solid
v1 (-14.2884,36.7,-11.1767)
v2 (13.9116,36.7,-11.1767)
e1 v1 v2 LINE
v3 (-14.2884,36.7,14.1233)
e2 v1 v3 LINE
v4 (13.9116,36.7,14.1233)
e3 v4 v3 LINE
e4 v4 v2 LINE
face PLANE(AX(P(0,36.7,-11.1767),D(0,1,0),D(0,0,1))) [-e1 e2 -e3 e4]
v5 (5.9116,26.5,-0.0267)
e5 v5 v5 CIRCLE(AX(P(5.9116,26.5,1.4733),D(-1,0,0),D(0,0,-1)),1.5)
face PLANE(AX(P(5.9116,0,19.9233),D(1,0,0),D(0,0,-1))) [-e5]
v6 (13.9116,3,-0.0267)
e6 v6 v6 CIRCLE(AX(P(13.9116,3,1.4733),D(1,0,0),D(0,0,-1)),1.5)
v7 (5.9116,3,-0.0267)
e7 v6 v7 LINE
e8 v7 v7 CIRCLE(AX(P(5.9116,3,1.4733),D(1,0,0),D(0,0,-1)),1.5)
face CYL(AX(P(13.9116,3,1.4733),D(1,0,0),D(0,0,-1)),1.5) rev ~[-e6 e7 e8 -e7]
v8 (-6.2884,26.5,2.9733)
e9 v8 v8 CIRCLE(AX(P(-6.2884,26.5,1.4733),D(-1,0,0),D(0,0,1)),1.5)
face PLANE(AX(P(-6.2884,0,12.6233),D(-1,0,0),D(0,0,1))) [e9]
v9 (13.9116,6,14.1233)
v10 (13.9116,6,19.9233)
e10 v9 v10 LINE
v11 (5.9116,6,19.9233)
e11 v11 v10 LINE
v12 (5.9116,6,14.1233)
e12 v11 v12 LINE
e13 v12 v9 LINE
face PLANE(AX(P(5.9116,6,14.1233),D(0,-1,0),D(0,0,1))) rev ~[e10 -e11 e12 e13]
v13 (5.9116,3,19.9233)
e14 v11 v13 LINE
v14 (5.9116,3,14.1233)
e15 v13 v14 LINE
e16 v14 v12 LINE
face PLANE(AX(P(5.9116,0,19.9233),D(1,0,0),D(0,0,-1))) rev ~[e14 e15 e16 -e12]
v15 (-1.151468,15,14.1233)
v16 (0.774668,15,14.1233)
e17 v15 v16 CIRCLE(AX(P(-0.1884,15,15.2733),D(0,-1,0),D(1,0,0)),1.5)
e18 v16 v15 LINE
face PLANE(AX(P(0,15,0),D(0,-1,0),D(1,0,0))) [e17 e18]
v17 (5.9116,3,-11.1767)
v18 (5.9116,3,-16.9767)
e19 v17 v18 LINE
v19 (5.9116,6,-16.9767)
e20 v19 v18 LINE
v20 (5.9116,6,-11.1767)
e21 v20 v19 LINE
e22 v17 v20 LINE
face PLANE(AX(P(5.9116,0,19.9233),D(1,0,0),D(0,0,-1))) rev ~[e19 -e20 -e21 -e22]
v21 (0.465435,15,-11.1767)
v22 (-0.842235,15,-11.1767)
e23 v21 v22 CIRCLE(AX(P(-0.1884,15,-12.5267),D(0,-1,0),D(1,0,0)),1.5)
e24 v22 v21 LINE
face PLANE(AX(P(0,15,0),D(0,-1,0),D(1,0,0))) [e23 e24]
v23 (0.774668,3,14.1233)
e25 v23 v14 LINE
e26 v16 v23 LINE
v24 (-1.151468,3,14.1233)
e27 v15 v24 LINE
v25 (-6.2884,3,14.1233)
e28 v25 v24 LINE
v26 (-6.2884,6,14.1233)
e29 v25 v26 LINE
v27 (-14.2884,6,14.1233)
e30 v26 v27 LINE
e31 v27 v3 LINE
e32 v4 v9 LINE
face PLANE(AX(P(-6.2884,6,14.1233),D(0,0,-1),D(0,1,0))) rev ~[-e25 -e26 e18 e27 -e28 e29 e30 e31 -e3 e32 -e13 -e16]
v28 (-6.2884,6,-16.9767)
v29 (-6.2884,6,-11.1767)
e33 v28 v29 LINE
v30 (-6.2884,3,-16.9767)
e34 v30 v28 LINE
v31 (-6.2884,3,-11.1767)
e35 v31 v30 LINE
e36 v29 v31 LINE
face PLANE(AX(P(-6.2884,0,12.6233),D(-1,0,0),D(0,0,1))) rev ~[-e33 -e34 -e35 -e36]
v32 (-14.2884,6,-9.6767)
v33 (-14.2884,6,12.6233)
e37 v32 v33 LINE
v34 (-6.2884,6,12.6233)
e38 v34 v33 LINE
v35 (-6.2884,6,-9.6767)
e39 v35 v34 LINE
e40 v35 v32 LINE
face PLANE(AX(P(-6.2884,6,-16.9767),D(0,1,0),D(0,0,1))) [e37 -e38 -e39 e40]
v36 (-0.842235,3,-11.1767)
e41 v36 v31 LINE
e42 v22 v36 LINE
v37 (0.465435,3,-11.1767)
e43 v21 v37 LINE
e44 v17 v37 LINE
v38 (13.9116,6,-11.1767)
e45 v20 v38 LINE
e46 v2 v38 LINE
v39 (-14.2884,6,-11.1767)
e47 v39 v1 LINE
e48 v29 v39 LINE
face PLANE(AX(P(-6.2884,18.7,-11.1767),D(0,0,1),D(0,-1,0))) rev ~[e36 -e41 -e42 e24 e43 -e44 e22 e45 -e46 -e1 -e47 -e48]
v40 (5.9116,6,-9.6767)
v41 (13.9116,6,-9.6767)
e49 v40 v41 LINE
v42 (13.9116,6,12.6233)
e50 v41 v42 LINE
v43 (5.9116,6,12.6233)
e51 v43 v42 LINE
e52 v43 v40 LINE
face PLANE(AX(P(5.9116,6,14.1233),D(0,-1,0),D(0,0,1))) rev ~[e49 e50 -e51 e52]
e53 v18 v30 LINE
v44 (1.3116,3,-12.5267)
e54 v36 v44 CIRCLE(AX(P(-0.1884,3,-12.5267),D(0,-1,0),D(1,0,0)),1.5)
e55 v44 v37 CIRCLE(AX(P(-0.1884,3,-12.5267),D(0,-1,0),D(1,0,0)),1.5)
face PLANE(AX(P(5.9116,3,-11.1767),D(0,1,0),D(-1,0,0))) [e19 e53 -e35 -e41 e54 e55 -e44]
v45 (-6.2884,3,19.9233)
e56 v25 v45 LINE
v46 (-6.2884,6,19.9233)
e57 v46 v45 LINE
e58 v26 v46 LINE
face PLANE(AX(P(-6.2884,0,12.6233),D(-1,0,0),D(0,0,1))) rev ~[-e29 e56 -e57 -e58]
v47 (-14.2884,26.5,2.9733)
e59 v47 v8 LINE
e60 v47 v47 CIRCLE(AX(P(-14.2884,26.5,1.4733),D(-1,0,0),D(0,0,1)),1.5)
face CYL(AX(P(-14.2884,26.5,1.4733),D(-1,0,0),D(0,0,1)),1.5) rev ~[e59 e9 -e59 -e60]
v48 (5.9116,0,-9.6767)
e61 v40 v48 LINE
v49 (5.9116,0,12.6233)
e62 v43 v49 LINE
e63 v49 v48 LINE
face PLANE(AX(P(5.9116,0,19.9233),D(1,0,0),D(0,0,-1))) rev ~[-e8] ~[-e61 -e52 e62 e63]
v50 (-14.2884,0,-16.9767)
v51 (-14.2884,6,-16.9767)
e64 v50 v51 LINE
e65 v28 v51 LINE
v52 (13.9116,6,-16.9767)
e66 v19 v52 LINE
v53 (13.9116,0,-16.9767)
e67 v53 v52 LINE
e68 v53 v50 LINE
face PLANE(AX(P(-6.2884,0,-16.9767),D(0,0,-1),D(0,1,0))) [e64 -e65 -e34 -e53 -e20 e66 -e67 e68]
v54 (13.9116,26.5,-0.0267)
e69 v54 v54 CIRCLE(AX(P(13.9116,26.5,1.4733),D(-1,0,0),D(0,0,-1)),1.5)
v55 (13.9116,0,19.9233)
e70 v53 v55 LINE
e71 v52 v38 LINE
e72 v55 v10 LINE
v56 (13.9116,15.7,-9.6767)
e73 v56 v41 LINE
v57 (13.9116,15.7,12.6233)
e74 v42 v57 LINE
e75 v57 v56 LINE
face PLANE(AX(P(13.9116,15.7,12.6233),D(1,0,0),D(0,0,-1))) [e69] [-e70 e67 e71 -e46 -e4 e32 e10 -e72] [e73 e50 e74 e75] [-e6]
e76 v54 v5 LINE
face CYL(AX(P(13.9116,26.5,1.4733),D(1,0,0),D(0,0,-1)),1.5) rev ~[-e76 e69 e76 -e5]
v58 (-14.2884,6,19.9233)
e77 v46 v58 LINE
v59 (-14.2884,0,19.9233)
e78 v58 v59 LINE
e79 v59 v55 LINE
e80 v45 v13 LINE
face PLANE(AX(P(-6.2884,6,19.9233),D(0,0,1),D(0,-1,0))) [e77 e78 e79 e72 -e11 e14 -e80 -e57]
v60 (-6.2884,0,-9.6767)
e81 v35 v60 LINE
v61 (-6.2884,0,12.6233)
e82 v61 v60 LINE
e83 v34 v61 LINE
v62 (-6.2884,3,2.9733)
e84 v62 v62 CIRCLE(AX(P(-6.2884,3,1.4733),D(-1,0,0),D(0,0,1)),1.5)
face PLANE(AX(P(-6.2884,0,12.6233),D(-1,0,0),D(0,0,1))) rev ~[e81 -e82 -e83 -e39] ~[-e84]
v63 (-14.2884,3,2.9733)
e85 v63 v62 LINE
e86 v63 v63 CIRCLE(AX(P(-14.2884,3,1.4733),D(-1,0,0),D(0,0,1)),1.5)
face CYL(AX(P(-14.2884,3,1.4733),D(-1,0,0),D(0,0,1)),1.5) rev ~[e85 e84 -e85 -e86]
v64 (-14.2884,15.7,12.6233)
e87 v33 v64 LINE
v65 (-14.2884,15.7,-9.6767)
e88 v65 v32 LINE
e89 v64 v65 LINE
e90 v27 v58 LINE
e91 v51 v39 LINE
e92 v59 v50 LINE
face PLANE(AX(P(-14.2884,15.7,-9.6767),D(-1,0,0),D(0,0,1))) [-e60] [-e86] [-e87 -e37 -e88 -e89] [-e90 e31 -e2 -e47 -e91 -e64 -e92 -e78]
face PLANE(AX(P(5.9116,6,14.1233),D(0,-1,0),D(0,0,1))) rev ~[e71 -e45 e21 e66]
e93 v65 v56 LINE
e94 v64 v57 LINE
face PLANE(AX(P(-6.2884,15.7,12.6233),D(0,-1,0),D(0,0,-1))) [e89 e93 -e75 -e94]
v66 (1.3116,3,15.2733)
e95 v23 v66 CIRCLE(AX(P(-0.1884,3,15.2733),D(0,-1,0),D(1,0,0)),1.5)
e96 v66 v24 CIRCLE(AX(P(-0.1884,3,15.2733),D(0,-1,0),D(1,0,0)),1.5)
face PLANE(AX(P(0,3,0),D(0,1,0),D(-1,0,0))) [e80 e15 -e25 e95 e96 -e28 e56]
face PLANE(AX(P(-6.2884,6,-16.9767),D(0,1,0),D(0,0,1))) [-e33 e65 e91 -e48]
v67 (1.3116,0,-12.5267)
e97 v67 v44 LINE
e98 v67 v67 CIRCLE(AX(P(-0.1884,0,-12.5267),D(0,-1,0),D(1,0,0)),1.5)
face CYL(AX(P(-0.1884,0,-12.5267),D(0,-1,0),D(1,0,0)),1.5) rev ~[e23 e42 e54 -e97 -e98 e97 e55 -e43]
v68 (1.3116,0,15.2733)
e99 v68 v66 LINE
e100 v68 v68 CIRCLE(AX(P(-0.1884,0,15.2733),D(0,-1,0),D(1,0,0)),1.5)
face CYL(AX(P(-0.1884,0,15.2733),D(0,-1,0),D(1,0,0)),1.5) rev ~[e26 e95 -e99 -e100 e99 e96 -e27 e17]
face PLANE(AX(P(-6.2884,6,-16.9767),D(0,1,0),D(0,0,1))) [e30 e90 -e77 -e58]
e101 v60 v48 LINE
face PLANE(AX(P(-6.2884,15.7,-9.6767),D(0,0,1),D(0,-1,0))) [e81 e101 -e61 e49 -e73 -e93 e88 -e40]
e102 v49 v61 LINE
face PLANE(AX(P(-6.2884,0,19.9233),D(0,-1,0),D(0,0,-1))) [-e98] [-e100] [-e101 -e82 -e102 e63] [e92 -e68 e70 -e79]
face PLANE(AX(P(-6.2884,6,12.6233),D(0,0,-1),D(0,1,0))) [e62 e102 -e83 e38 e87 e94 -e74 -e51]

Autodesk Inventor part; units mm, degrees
ref_plane "YZ Plane" through (0, 0, 0) normal (1, 0, 0) x (0, 1, 0)
ref_plane "XZ Plane" through (0, 0, 0) normal (0, 1, 0) x (-1, 0, 0)
ref_plane "XY Plane" through (0, 0, 0) normal (0, 0, 1) x (1, 0, 0)
sketch "Sketch1" plane through (0, 0, 0) normal (0, 1, 0) x (-1, 0, 0)
  line L0 (6.2884, 19.9233) -> (-5.9116, 19.9233)
  line L1 (-5.9116, 19.9233) -> (-5.9116, 12.6233)
  line L2 (-5.9116, 12.6233) -> (6.2884, 12.6233)
  line L3 (6.2884, 12.6233) -> (6.2884, 19.9233)
  point P0 (0, 0)
  dimension "d0" = 7.3
  dimension "d1" = 12.2
extrude "Extrusion1" add sketch "Sketch1" along normal blind 3
sketch "Sketch2" plane through (0, 3, 0) normal (0, 1, 0) x (1, 0, 0)
  line L0 (5.9116, -19.9233) -> (5.9116, -12.6233) projected
  line L1 (5.9116, -12.6233) -> (-6.2884, -12.6233) projected
  line L2 (-6.2884, -12.6233) -> (-6.2884, -19.9233) projected
  line L3 (-6.2884, -19.9233) -> (5.9116, -19.9233) projected
  line L4 (5.9116, -12.6233) -> (-6.2884, -12.6233)
  line L5 (-6.2884, -12.6233) -> (-6.2884, -14.1233)
  line L6 (-6.2884, -14.1233) -> (5.9116, -14.1233)
  line L7 (5.9116, -14.1233) -> (5.9116, -12.6233)
  point P0 (0, 0)
  point P1 (5.9116, -14.1233)
  dimension "d4" = 1.5
extrude "Extrusion2" add sketch "Sketch2" along normal blind 15.7 contours L6 L2 L1 L0
sketch "Sketch3" plane through (5.9116, 0, 12.6233) normal (0, 0, -1) x (-1, 0, 0)
  line L0 (0, 0) -> (12.2, 0) projected
  line L1 (12.2, 0) -> (12.2, 18.7) projected
  line L2 (0, 18.7) -> (12.2, 18.7) projected
  line L3 (0, 0) -> (0, 18.7) projected
  line L4 (0, 18.7) -> (12.2, 18.7)
  line L5 (12.2, 18.7) -> (12.2, 15.7)
  line L6 (12.2, 15.7) -> (0, 15.7)
  line L7 (0, 15.7) -> (0, 18.7)
  point P0 (5.9116, 0)
  point P1 (0, 15.7)
  dimension "d7" = 3
extrude "Extrusion3" add sketch "Sketch3" along normal blind 23.8 contours L3 L2 L1 L6
sketch "Sketch4" plane through (-6.2884, 15.7, 12.6233) normal (0, -1, 0) x (1, 0, 0)
  line L0 (0, 0) -> (12.2, 0) projected
  line L1 (0, 0) -> (0, -23.8) projected
  line L2 (12.2, -23.8) -> (0, -23.8) projected
  line L3 (12.2, 0) -> (12.2, -23.8) projected
  line L4 (12.2, -23.8) -> (0, -23.8)
  line L5 (0, -23.8) -> (0, -22.3)
  line L6 (0, -22.3) -> (12.2, -22.3)
  line L7 (12.2, -22.3) -> (12.2, -23.8)
  point P0 (6.2884, -12.6233)
  dimension "d10" = 1.5
extrude "Extrusion4" add sketch "Sketch4" along normal up to surface (15.7 mm away) contours L6 L3 L2 L1
sketch "Sketch5" plane through (5.9116, 0, -11.1767) normal (0, 0, -1) x (-1, 0, 0)
  line L0 (12.2, 18.7) -> (12.2, 0) projected
  line L1 (12.2, 18.7) -> (0, 18.7) projected
  line L2 (0, 18.7) -> (0, 0) projected
  line L3 (12.2, 0) -> (0, 0) projected
  line L4 (12.2, 0) -> (0, 0)
  line L5 (0, 0) -> (0, 3)
  line L6 (0, 3) -> (12.2, 3)
  line L7 (12.2, 3) -> (12.2, 0)
  point P0 (5.9116, 0)
  dimension "d13" = 3
extrude "Extrusion5" add sketch "Sketch5" along normal blind 5.8 contours L0 L3 L2 L6
sketch "Sketch6" plane through (0, 0, 0) normal (0, -1, 0) x (1, 0, 0)
  arc A0 (-0.7384, -2.4741) -> (0.3616, -2.4741) centre (-0.1884, -3.4267) ccw construction
  circle A1 centre (-0.1884, -3.4267) radius 1.1 construction
  arc A2 (0.3616, -32.1794) -> (-0.7384, -32.1794) centre (-0.1884, -31.2267) ccw projected
  circle A3 centre (-0.1884, -31.2267) radius 1.5
  circle A4 centre (-0.1884, -3.4267) radius 1.5
  point P0 (0, 0)
  dimension "d16" = 3
  dimension "d17" = 3
extrude "Extrusion6" cut sketch "Sketch6" against normal up to surface (3 mm away)
sketch "Sketch8" plane through (5.9116, 0, 19.9233) normal (1, 0, 0) x (0, 0, -1)
  line L0 (0, 0) -> (7.3, 0) projected
  line L1 (7.3, 0) -> (7.3, 15.7) projected
  line L2 (7.3, 15.7) -> (29.6, 15.7) projected
  line L3 (29.6, 15.7) -> (29.6, 0) projected
  line L4 (36.9, 0) -> (29.6, 0) projected
  line L5 (36.9, 3) -> (36.9, 0) projected
  line L6 (31.1, 3) -> (36.9, 3) projected
  line L7 (31.1, 18.7) -> (31.1, 3) projected
  line L8 (5.8, 18.7) -> (31.1, 18.7) projected
  line L9 (5.8, 3) -> (5.8, 18.7) projected
  line L10 (0, 3) -> (5.8, 3) projected
  line L11 (0, 0) -> (0, 3) projected
  line L12 (0, 0) -> (36.9, 0)
  line L13 (36.9, 0) -> (36.9, 6)
  line L14 (36.9, 6) -> (0, 6)
  line L15 (0, 6) -> (0, 0)
  point P0 (19.9233, 0)
  dimension "d22" = 6
extrude "Extrusion8" add sketch "Sketch8" along normal blind 8 contours L11 L10 L9 L14 L1 L0 | L1 L14 L3 L12 | L15 L14 L9 L10 | L3 L14 L7 L6 L5 L4 | L14 L13 L6 L7
sketch "Sketch9" plane through (-6.2884, 0, 12.6233) normal (-1, 0, 0) x (0, 0, 1)
  line L0 (-29.6, 6) -> (7.3, 6)
  line L1 (7.3, 6) -> (7.3, 0)
  line L2 (7.3, 0) -> (-29.6, 0)
  line L3 (-29.6, 0) -> (-29.6, 6)
  point P0 (-12.6233, 0)
  point P1 (7.3, 6)
  point P2 (-29.6, 0)
extrude "Extrusion9" add sketch "Sketch9" along normal blind 8
sketch "Sketch10" plane through (13.9116, 0, 19.9233) normal (1, 0, 0) x (0, 0, -1)
  line L0 (0, 6) -> (0, 0) projected
  line L1 (0, 0) -> (36.9, 0) projected
  line L2 (36.9, 0) -> (36.9, 6) projected
  line L3 (36.9, 6) -> (0, 6) projected
  line L4 (0, 6) -> (36.9, 0) construction
  line L5 (36.9, 6) -> (0, 0) construction
  circle A0 centre (18.45, 3) radius 1.5
  point P0 (19.9233, 0)
  dimension "d27" = 3
extrude "Extrusion10" cut sketch "Sketch10" against normal blind 8 contours A0
sketch "Sketch11" plane through (0, 18.7, 0) normal (0, 1, 0) x (1, 0, 0)
  line L0 (5.9116, -14.1233) -> (5.9116, 11.1767) projected
  line L1 (-6.2884, 11.1767) -> (5.9116, 11.1767) projected
  line L2 (-6.2884, -14.1233) -> (-6.2884, 11.1767) projected
  line L3 (-6.2884, -14.1233) -> (5.9116, -14.1233) projected
  line L4 (5.9116, -14.1233) -> (0, -14.1233)
  line L5 (0, -14.1233) -> (0, 11.1767)
  line L6 (0, 11.1767) -> (5.9116, 11.1767)
  line L7 (5.9116, 11.1767) -> (5.9116, -14.1233)
  point P0 (0, 0)
extrude "Extrusion11" add sketch "Sketch11" along normal blind 10 contours L3 L5 L1 L0
sketch "Sketch12" plane through (5.9116, 15.7, 12.6233) normal (1, 0, 0) x (0, 0, -1)
  line L0 (22.3, -9.7) -> (23.8, -9.7) projected
  line L1 (23.8, -9.7) -> (23.8, 13) projected
  line L2 (-1.5, 13) -> (23.8, 13) projected
  line L3 (-1.5, -9.7) -> (-1.5, 13) projected
  line L4 (-1.5, -9.7) -> (0, -9.7) projected
  line L5 (0, -9.7) -> (0, 0) projected
  line L6 (0, 0) -> (22.3, 0) projected
  line L7 (22.3, 0) -> (22.3, -9.7) projected
  line L8 (-1.5, 13) -> (23.8, 13)
  line L9 (23.8, 13) -> (23.8, 5)
  line L10 (23.8, 5) -> (-1.5, 5)
  line L11 (-1.5, 5) -> (-1.5, 13)
  point P0 (12.6233, -15.7)
  point P1 (-1.5, 5)
  dimension "d32" = 8
extrude "Extrusion12" add sketch "Sketch12" along normal up to surface (8 mm away) contours L10 L3 L2 L1
sketch "Sketch14" plane through (0, 28.7, 0) normal (0, 1, 0) x (1, 0, 0)
  line L0 (5.9116, 11.1767) -> (5.9116, -14.1233) projected
  line L1 (0, -14.1233) -> (13.9116, -14.1233) projected
  line L2 (13.9116, -14.1233) -> (13.9116, 11.1767) projected
  line L3 (0, 11.1767) -> (13.9116, 11.1767) projected
  line L4 (0, 11.1767) -> (0, -14.1233) projected
  line L5 (0, 11.1767) -> (13.9116, 11.1767)
  line L6 (13.9116, 11.1767) -> (13.9116, -14.1233)
  line L7 (13.9116, -14.1233) -> (0, -14.1233)
  line L8 (0, -14.1233) -> (0, 11.1767)
  point P0 (0, 0)
extrude "Extrusion14" add sketch "Sketch14" along normal blind 8
sketch "Sketch16" plane through (5.9116, 15.7, 12.6233) normal (1, 0, 0) x (0, 0, -1)
  line L0 (23.8, 5) -> (-1.5, 5) projected
  line L1 (-1.5, -9.7) -> (-1.5, 5) projected
  line L2 (-1.5, -9.7) -> (0, -9.7) projected
  line L3 (0, -9.7) -> (0, 0) projected
  line L4 (0, 0) -> (22.3, 0) projected
  line L5 (22.3, 0) -> (22.3, -9.7) projected
  line L6 (22.3, -9.7) -> (23.8, -9.7) projected
  line L7 (23.8, -9.7) -> (23.8, 5) projected
  point P0 (12.6233, -15.7)
extrude "Extrusion16" add sketch "Sketch16" along normal blind 8
sketch "Sketch17" plane through (13.9116, 0, 19.9233) normal (1, 0, 0) x (0, 0, -1)
  circle A0 centre (18.45, 3) radius 1.5 projected
  line L0 (18.45, 3) -> (18.45, 26.5)
  circle A1 centre (18.45, 26.5) radius 1.5
  point P0 (19.9233, 0)
  dimension "d46" = 23.5
  dimension "d47" = 3
extrude "Extrusion17" cut sketch "Sketch17" against normal blind 8 contours A1
sketch "Sketch18" plane through (0, 18.7, -11.1767) normal (-1, 0, 0) x (0, 0, 1)
  line L0 (25.3, 0) -> (0, 0) projected
  line L1 (25.3, 0) -> (25.3, 18) projected
  line L2 (0, 18) -> (25.3, 18) projected
  line L3 (0, 0) -> (0, 18) projected
  line L4 (0, -12.7) -> (1.5, -12.7) projected
  line L5 (1.5, -3) -> (1.5, -12.7) projected
  line L6 (23.8, -3) -> (1.5, -3) projected
  line L7 (23.8, -12.7) -> (23.8, -3) projected
  line L8 (23.8, -12.7) -> (25.3, -12.7) projected
  line L9 (25.3, -12.7) -> (25.3, 0) projected
  line L10 (25.3, 0) -> (0, 0) projected
  line L11 (0, 0) -> (0, -12.7) projected
  point P0 (11.1767, -18.7)
extrude "Extrusion18" add sketch "Sketch18" along normal up to surface (14.2884 mm away) contours L0 L3 L2 L1
sketch "Sketch19" plane through (-6.2884, 15.7, -9.6767) normal (-1, 0, 0) x (0, 0, 1)
  line L0 (-1.5, -9.7) -> (0, -9.7) projected
  line L1 (0, 0) -> (0, -9.7) projected
  line L2 (22.3, 0) -> (0, 0) projected
  line L3 (22.3, -9.7) -> (22.3, 0) projected
  line L4 (22.3, -9.7) -> (23.8, -9.7) projected
  line L5 (23.8, -9.7) -> (23.8, 3) projected
  line L6 (23.8, 3) -> (-1.5, 3) projected
  line L7 (-1.5, 3) -> (-1.5, -9.7) projected
  point P0 (9.6767, -15.7)
extrude "Extrusion19" add sketch "Sketch19" along normal up to surface (8 mm away)
sketch "Sketch20" plane through (-14.2884, 0, 12.6233) normal (-1, 0, 0) x (0, 0, 1)
  line L0 (-23.8, 6) -> (-29.6, 6) projected
  line L1 (-29.6, 6) -> (-29.6, 0) projected
  line L2 (-29.6, 0) -> (7.3, 0) projected
  line L3 (7.3, 0) -> (7.3, 6) projected
  line L4 (7.3, 6) -> (1.5, 6) projected
  line L5 (1.5, 36.7) -> (1.5, 6) projected
  line L6 (-23.8, 36.7) -> (1.5, 36.7) projected
  line L7 (-23.8, 6) -> (-23.8, 36.7) projected
  line L8 (-22.3, 15.7) -> (-22.3, 6) projected
  line L9 (0, 15.7) -> (-22.3, 15.7) projected
  line L10 (0, 6) -> (0, 15.7) projected
  line L11 (0, 6) -> (-22.3, 6) projected
  line L12 (-29.6, 6) -> (7.3, 0) construction
  line L13 (7.3, 6) -> (-29.6, 0) construction
  circle A0 centre (-11.15, 3) radius 1.5
  point P0 (-12.6233, 0)
  dimension "d54" = 3
extrude "Extrusion20" cut sketch "Sketch20" against normal blind 8 contours A0
sketch "Sketch21" plane through (-14.2884, 0, 12.6233) normal (-1, 0, 0) x (0, 0, 1)
  circle A0 centre (-11.15, 26.5) radius 1.5 projected
  point P0 (-12.6233, 0)
extrude "Extrusion21" cut sketch "Sketch21" against normal blind 8
sketch "Sketch22" plane through (0, 0, 0) normal (0, -1, 0) x (1, 0, 0)
  arc A0 (0.3616, -13.4794) -> (-0.7384, -13.4794) centre (-0.1884, -12.5267) ccw
  arc A1 (-0.7384, 16.2259) -> (0.3616, 16.2259) centre (-0.1884, 15.2733) ccw
  circle A2 centre (-0.1884, 15.2733) radius 1.5
  circle A3 centre (-0.1884, -12.5267) radius 1.5
  point P0 (0, 0)
  dimension "d59" = 3
  dimension "d60" = 3
extrude "Extrusion22" cut sketch "Sketch22" against normal blind 15
properties part number "support servo"
